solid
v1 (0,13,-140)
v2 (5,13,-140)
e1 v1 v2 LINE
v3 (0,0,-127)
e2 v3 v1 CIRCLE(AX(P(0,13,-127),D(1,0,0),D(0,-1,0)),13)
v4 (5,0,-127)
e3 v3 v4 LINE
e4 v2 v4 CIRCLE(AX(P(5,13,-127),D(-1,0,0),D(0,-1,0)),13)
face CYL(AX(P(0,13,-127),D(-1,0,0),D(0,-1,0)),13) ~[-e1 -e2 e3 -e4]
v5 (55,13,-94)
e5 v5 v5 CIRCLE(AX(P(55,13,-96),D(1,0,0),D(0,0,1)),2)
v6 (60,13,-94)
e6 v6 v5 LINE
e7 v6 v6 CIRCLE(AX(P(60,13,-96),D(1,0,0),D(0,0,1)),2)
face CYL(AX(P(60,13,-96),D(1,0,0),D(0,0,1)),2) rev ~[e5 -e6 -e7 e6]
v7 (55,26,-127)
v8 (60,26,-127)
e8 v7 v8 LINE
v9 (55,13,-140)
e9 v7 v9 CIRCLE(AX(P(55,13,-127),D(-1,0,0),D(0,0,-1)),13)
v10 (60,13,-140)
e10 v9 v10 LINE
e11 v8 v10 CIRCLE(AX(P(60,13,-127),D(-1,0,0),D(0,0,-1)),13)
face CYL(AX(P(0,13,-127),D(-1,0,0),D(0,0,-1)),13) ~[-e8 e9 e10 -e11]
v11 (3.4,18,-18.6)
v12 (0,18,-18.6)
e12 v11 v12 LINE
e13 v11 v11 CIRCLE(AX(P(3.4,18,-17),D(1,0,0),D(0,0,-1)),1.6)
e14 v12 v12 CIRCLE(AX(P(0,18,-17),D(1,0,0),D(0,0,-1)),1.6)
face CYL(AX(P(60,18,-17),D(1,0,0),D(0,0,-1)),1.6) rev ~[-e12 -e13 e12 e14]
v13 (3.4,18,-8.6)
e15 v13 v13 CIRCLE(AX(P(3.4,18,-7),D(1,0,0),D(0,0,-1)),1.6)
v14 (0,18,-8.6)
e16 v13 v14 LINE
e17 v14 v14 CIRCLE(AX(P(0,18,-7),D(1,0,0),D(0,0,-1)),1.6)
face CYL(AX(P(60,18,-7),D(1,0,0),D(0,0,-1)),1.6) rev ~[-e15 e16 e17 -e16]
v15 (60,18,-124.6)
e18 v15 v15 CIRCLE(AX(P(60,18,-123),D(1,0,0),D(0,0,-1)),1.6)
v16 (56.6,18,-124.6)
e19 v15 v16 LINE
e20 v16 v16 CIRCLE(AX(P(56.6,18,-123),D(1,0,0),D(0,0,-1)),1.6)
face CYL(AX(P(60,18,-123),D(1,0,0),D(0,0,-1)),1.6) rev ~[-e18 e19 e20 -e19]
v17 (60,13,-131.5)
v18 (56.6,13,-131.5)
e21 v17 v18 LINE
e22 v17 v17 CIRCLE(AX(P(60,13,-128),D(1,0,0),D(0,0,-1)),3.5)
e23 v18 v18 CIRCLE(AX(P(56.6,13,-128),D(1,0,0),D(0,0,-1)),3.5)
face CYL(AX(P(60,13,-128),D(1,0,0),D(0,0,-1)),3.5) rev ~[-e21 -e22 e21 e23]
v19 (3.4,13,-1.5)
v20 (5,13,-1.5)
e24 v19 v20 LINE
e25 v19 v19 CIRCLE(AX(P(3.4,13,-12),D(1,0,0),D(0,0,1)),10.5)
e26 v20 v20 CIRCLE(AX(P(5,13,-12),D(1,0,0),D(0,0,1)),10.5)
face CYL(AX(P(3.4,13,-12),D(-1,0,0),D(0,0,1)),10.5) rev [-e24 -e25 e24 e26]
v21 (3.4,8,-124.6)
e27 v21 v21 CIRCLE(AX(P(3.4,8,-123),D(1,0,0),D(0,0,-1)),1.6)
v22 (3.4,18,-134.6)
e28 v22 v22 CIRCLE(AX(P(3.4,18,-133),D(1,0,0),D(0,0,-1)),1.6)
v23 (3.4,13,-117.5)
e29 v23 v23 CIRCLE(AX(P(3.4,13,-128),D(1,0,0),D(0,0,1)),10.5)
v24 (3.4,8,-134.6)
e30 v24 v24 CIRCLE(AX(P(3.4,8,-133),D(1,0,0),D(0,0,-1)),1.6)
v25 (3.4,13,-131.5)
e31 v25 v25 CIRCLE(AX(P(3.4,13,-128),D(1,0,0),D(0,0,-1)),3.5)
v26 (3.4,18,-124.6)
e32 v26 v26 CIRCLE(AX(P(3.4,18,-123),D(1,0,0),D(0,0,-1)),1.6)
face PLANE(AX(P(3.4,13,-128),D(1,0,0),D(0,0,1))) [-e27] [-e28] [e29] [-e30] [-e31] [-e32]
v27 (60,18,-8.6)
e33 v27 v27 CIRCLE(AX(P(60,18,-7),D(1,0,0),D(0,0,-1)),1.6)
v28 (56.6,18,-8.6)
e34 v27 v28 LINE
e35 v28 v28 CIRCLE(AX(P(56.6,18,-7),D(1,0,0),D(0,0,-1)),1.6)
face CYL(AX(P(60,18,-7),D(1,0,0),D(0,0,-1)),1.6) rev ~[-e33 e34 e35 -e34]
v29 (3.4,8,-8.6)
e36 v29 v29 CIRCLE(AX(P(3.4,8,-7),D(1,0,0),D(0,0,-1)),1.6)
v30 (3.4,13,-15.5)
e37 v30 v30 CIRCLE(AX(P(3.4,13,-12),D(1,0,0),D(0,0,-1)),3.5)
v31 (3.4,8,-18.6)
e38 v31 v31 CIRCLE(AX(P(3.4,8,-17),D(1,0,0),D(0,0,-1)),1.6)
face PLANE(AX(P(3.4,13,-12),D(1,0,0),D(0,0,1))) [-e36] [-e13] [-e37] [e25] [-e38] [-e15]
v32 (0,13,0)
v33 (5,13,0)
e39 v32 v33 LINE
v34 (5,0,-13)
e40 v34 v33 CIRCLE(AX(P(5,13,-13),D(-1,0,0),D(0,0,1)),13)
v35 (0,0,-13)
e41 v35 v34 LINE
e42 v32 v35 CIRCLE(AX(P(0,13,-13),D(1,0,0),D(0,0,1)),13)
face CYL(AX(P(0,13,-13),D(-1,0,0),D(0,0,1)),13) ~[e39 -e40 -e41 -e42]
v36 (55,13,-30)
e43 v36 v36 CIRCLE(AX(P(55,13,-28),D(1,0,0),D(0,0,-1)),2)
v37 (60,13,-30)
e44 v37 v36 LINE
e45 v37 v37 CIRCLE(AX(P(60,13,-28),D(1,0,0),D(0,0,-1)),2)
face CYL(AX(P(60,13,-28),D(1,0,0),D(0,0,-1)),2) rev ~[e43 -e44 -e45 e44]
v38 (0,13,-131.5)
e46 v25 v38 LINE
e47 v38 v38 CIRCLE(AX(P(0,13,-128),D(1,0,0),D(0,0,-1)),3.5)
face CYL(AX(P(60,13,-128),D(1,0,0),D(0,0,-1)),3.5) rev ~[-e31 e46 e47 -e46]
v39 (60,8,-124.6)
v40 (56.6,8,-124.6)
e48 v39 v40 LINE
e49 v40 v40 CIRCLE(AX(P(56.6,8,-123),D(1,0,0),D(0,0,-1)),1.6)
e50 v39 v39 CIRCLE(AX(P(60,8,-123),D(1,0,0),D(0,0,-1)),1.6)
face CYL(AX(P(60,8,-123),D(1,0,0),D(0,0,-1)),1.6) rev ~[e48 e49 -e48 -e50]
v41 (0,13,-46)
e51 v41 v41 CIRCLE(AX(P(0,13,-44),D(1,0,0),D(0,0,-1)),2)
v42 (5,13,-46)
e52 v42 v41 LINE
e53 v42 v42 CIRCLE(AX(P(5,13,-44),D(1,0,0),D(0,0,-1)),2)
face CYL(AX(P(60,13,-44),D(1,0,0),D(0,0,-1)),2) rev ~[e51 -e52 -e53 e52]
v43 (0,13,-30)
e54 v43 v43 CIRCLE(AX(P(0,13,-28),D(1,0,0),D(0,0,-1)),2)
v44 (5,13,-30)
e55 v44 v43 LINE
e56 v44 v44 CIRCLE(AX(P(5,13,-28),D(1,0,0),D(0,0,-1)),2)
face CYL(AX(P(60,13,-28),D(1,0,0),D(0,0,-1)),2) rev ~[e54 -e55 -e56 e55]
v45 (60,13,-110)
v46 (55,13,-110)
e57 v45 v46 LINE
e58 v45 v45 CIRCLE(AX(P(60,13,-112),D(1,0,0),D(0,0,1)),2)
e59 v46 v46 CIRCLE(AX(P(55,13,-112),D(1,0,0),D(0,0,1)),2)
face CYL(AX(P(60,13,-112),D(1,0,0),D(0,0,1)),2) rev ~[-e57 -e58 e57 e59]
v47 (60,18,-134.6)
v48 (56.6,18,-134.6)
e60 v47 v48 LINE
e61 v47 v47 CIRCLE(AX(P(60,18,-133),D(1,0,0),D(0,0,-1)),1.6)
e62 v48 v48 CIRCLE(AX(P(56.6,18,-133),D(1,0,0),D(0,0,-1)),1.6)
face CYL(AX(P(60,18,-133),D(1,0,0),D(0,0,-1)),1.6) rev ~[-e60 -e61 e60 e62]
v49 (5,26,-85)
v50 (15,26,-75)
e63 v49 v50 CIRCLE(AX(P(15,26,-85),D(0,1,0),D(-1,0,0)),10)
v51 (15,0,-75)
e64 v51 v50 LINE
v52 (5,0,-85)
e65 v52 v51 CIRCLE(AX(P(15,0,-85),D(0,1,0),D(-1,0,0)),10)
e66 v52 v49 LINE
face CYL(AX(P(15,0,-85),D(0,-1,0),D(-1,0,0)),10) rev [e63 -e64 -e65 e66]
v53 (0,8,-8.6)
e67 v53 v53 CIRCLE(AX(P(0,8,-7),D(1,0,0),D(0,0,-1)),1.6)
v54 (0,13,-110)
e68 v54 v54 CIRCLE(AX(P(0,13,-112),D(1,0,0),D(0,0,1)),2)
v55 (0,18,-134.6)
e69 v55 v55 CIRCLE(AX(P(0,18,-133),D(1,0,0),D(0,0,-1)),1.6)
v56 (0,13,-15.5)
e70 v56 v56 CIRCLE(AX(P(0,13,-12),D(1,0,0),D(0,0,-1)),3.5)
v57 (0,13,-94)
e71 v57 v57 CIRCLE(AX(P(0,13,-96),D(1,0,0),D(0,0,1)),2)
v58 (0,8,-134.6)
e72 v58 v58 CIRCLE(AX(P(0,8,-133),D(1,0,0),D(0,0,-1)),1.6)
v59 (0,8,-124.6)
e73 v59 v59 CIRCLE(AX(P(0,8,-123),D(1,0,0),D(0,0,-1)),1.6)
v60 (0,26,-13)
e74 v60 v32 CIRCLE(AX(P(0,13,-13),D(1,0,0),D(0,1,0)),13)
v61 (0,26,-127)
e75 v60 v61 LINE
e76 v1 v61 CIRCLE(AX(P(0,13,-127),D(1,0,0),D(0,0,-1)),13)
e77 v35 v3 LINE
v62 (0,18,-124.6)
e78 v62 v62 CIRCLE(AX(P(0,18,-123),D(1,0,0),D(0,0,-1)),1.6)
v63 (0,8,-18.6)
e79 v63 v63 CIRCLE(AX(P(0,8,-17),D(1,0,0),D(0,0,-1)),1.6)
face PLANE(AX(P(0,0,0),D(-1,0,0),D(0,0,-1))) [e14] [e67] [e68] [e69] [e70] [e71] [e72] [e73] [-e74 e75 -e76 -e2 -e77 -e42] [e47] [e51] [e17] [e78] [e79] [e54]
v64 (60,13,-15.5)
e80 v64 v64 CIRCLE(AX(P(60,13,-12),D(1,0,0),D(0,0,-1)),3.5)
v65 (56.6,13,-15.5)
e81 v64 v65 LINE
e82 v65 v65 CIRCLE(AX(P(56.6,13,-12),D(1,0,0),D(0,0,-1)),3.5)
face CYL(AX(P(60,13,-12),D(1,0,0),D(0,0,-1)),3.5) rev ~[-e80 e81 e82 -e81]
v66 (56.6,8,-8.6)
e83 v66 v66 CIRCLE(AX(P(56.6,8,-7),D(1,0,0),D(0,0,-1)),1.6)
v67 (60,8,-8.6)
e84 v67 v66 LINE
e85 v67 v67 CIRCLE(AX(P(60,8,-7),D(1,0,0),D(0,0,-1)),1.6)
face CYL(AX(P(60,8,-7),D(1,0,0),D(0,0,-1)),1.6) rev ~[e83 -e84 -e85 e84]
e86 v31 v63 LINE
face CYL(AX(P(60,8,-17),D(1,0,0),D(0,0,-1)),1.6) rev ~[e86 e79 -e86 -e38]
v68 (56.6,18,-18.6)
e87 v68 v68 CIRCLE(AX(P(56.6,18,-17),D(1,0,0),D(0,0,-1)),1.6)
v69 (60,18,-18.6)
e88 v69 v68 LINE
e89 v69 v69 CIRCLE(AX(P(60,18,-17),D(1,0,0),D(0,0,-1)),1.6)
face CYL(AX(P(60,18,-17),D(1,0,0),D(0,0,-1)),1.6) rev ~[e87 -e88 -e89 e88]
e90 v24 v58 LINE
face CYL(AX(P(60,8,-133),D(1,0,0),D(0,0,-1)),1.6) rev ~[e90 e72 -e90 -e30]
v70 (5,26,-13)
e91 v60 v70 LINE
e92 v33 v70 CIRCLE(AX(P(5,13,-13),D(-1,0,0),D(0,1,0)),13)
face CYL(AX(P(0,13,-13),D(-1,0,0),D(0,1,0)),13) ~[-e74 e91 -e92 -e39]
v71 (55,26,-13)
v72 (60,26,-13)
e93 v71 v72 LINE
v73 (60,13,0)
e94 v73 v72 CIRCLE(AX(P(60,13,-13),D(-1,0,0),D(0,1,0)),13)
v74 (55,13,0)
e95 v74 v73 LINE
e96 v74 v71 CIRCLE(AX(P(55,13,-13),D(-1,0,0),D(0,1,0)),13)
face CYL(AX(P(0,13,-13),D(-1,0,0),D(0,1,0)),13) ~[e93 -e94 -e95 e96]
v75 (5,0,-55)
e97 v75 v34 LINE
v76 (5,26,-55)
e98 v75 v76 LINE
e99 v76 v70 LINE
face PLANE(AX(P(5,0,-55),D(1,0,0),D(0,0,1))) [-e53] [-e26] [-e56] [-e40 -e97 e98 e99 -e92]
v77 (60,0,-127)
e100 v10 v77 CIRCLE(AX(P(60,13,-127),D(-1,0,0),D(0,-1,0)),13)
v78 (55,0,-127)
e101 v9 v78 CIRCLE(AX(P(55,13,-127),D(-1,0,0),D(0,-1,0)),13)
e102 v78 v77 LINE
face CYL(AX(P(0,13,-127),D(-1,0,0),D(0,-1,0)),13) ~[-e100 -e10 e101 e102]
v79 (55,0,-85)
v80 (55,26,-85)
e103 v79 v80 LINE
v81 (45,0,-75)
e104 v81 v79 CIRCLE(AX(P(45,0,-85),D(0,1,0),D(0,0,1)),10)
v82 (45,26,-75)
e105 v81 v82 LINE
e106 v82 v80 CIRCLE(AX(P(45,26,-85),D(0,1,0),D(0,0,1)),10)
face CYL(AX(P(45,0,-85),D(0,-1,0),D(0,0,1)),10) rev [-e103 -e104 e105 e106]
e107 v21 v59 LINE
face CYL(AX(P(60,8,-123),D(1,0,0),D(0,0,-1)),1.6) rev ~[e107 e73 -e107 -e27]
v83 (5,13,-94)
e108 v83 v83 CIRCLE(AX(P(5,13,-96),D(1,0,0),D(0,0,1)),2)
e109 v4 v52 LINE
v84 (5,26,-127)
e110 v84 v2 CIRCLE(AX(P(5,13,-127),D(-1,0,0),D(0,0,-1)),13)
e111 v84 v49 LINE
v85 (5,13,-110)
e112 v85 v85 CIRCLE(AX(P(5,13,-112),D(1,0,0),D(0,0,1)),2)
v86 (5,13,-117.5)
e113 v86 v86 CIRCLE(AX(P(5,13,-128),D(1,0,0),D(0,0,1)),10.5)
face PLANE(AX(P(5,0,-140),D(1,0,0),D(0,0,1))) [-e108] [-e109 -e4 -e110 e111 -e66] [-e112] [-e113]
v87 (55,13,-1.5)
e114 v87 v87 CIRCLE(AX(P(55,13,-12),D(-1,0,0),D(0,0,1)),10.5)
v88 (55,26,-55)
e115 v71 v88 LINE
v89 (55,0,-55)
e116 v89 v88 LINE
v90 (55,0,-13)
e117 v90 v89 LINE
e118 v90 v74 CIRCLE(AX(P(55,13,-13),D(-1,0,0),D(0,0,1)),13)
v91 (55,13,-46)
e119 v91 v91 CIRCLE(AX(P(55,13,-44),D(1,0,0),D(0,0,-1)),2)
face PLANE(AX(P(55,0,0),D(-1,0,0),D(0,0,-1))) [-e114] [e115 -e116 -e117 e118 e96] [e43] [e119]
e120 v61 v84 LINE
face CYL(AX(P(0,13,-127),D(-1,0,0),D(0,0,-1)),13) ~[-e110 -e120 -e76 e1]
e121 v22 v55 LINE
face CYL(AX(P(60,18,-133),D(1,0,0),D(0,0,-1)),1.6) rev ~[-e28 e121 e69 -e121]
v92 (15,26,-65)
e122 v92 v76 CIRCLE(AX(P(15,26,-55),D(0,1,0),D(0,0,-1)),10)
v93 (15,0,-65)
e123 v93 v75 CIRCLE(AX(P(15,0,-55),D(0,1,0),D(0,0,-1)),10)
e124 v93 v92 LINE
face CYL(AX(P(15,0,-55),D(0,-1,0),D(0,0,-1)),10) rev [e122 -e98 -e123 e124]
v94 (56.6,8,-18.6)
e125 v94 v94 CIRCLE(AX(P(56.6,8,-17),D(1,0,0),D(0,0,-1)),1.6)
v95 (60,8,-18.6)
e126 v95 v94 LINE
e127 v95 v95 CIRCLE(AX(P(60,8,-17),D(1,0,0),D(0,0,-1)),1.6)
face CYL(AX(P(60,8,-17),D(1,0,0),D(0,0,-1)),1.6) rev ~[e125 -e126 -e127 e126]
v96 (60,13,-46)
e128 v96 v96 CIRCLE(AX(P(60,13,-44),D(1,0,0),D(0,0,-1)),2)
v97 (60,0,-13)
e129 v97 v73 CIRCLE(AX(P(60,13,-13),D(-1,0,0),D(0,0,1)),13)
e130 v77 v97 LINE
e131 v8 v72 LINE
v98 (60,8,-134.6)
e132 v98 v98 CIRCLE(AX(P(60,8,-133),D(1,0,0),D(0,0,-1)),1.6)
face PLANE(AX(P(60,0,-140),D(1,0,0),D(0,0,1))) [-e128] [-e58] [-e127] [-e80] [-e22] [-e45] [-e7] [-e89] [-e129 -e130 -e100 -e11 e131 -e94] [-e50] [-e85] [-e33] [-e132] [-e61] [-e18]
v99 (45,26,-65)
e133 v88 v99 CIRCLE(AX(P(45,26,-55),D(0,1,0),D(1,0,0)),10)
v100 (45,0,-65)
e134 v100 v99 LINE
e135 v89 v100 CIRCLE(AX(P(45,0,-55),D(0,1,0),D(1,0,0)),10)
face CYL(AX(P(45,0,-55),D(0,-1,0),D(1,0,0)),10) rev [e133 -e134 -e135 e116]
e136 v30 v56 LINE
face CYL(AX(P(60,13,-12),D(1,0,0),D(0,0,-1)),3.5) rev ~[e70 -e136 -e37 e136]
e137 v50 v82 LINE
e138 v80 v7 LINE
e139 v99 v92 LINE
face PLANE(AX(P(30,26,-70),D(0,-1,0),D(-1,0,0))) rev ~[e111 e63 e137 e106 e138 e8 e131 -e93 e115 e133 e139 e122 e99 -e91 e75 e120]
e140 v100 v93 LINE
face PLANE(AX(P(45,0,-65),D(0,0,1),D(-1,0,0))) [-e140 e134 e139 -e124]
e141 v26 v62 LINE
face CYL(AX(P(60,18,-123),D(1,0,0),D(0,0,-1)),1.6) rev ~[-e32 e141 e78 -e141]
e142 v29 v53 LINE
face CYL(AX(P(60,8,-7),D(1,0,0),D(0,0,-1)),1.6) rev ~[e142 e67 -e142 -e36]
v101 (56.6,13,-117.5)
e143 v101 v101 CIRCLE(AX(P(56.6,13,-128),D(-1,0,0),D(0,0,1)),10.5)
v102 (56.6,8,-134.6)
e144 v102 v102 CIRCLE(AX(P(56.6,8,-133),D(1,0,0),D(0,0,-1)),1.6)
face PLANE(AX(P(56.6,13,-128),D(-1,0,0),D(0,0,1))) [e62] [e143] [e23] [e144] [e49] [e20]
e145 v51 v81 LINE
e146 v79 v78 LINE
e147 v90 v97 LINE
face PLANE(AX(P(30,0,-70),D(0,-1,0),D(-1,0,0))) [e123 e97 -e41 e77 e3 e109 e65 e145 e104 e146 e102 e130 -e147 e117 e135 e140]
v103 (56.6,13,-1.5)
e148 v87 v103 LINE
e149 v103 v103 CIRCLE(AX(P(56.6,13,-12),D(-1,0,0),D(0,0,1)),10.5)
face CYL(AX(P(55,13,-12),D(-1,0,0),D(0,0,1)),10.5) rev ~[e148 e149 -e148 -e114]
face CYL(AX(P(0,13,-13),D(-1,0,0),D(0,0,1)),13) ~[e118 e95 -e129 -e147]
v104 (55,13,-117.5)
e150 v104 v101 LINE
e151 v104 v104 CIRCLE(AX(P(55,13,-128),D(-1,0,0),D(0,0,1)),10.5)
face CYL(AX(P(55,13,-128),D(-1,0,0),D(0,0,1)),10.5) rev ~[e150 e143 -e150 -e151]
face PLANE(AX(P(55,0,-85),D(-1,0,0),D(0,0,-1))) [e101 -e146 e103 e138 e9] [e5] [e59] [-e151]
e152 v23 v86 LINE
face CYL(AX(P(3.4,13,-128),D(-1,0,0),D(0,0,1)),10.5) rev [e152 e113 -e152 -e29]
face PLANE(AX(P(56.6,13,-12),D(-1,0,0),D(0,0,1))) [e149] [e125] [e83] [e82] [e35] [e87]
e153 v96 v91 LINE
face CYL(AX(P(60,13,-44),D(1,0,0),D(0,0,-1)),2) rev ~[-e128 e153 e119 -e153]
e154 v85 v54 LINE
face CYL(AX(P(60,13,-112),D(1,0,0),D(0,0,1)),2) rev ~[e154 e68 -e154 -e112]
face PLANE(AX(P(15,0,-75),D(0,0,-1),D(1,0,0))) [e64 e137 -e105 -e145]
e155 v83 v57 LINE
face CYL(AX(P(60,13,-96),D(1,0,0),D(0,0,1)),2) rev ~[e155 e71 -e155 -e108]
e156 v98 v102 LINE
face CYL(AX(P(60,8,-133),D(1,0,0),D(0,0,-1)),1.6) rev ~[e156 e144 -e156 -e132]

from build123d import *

# Parameters (mm, degrees)
EXTRUDE_1_DEPTH     = 26
SKETCH_2_R          = 3.5
SKETCH_2_R_2        = 1.6
SKETCH_2_R_3        = 2
CUT_EXTRUDE_2_DEPTH = 155.518607294
CUT_EXTRUDE_5_DEPTH = 155.518607294
SKETCH_5_R          = 10.5
CUT_EXTRUDE_6_DEPTH = 1.6
CUT_EXTRUDE_START   = -1.6
SKETCH_6_R          = 10.5
CUT_EXTRUDE_7_DEPTH = 1.6
SKETCH_7_R          = 10.5
CUT_EXTRUDE_8_DEPTH = 1.6
SKETCH_8_R          = 10.5
CUT_EXTRUDE_9_DEPTH = 1.6


with BuildPart() as part:
    # 草图1 → 凸台-拉伸1 (new body)
    with BuildSketch(Plane(origin=(0, 0, 0), x_dir=(1, 0, 0), z_dir=(0, 1, 0))):
        with BuildLine():
            Line((0, 0), (0, 140))
            Line((0, 140), (5, 140))
            Line((5, 140), (5, 85))
            ThreePointArc((5, 85), (7.928932188, 77.928932188), (15, 75))
            Line((15, 75), (45, 75))
            ThreePointArc((45, 75), (52.071067812, 77.928932188), (55, 85))
            Line((55, 85), (55, 140))
            Line((55, 140), (60, 140))
            Line((60, 140), (60, 0))
            Line((60, 0), (55, 0))
            Line((55, 0), (55, 55))
            ThreePointArc((55, 55), (52.071067812, 62.071067812), (45, 65))
            Line((45, 65), (15, 65))
            ThreePointArc((15, 65), (7.928932188, 62.071067812), (5, 55))
            Line((5, 55), (5, 0))
            Line((5, 0), (0, 0))
        make_face()
    extrude(amount=EXTRUDE_1_DEPTH)

    # 草图2 → 切除-拉伸2 (cut, through all)
    with BuildSketch(Plane(origin=(60, 0, 0), x_dir=(0, 0, -1), z_dir=(1, 0, 0))):
        with Locations((128, 13)):
            Circle(SKETCH_2_R)
        with Locations((123, 18)):
            Circle(SKETCH_2_R_2)
        with Locations((133, 18)):
            Circle(SKETCH_2_R_2)
        with Locations((133, 8)):
            Circle(SKETCH_2_R_2)
        with Locations((123, 8)):
            Circle(SKETCH_2_R_2)
        with Locations((12, 13)):
            Circle(SKETCH_2_R)
        with Locations((7, 18)):
            Circle(SKETCH_2_R_2)
        with Locations((7, 8)):
            Circle(SKETCH_2_R_2)
        with Locations((17, 8)):
            Circle(SKETCH_2_R_2)
        with Locations((17, 18)):
            Circle(SKETCH_2_R_2)
        with Locations((28, 13)):
            Circle(SKETCH_2_R_3)
        with Locations((44, 13)):
            Circle(SKETCH_2_R_3)
        with Locations(Location((96, 13, 0), (0, 0, 180))):
            Circle(SKETCH_2_R_3)
        with Locations(Location((112, 13, 0), (0, 0, 180))):
            Circle(SKETCH_2_R_3)
    extrude(amount=-CUT_EXTRUDE_2_DEPTH, mode=Mode.SUBTRACT)

    # 草图3 → 切除-拉伸5 (cut, through all)
    with BuildSketch(Plane.ZY):
        with BuildLine():
            Line((-127, 26), (-140, 26))
            Line((-140, 26), (-140, 13))
            ThreePointArc((-140, 13), (-136.192388155, 22.192388155), (-127, 26))
        make_face()
        with BuildLine():
            ThreePointArc((-127, 0), (-136.192388155, 3.807611845), (-140, 13))
            Line((-140, 13), (-140, 0))
            Line((-140, 0), (-127, 0))
        make_face()
        with BuildLine():
            ThreePointArc((0, 13), (-3.807611845, 3.807611845), (-13, 0))
            Line((-13, 0), (0, 0))
            Line((0, 0), (0, 13))
        make_face()
        with BuildLine():
            Line((0, 26), (-13, 26))
            ThreePointArc((-13, 26), (-3.807611845, 22.192388155), (0, 13))
            Line((0, 13), (0, 26))
        make_face()
    extrude(amount=-CUT_EXTRUDE_5_DEPTH, mode=Mode.SUBTRACT)

    # 草图5 → 切除-拉伸6 (cut)
    with BuildSketch(Plane.ZY.offset(-55)):
        with Locations((-128, 13)):
            Circle(SKETCH_5_R)
    extrude(amount=-CUT_EXTRUDE_6_DEPTH, mode=Mode.SUBTRACT)

    # 草图6 → 切除-拉伸7 (cut)
    with BuildSketch(Plane(origin=(5, 0, 0), x_dir=(0, 0, -1), z_dir=(1, 0, 0)).offset(CUT_EXTRUDE_START)):
        with Locations(Location((128, 13, 0), (0, 0, 180))):
            Circle(SKETCH_6_R)
    extrude(amount=CUT_EXTRUDE_7_DEPTH, mode=Mode.SUBTRACT)

    # 草图7 → 切除-拉伸8 (cut)
    with BuildSketch(Plane.ZY.offset(-55)):
        with Locations((-12, 13)):
            Circle(SKETCH_7_R)
    extrude(amount=-CUT_EXTRUDE_8_DEPTH, mode=Mode.SUBTRACT)

    # 草图8 → 切除-拉伸9 (cut)
    with BuildSketch(Plane(origin=(5, 0, 0), x_dir=(0, 0, -1), z_dir=(1, 0, 0)).offset(CUT_EXTRUDE_START)):
        with Locations(Location((12, 13, 0), (0, 0, 180))):
            Circle(SKETCH_8_R)
    extrude(amount=CUT_EXTRUDE_9_DEPTH, mode=Mode.SUBTRACT)


solid = part.part
